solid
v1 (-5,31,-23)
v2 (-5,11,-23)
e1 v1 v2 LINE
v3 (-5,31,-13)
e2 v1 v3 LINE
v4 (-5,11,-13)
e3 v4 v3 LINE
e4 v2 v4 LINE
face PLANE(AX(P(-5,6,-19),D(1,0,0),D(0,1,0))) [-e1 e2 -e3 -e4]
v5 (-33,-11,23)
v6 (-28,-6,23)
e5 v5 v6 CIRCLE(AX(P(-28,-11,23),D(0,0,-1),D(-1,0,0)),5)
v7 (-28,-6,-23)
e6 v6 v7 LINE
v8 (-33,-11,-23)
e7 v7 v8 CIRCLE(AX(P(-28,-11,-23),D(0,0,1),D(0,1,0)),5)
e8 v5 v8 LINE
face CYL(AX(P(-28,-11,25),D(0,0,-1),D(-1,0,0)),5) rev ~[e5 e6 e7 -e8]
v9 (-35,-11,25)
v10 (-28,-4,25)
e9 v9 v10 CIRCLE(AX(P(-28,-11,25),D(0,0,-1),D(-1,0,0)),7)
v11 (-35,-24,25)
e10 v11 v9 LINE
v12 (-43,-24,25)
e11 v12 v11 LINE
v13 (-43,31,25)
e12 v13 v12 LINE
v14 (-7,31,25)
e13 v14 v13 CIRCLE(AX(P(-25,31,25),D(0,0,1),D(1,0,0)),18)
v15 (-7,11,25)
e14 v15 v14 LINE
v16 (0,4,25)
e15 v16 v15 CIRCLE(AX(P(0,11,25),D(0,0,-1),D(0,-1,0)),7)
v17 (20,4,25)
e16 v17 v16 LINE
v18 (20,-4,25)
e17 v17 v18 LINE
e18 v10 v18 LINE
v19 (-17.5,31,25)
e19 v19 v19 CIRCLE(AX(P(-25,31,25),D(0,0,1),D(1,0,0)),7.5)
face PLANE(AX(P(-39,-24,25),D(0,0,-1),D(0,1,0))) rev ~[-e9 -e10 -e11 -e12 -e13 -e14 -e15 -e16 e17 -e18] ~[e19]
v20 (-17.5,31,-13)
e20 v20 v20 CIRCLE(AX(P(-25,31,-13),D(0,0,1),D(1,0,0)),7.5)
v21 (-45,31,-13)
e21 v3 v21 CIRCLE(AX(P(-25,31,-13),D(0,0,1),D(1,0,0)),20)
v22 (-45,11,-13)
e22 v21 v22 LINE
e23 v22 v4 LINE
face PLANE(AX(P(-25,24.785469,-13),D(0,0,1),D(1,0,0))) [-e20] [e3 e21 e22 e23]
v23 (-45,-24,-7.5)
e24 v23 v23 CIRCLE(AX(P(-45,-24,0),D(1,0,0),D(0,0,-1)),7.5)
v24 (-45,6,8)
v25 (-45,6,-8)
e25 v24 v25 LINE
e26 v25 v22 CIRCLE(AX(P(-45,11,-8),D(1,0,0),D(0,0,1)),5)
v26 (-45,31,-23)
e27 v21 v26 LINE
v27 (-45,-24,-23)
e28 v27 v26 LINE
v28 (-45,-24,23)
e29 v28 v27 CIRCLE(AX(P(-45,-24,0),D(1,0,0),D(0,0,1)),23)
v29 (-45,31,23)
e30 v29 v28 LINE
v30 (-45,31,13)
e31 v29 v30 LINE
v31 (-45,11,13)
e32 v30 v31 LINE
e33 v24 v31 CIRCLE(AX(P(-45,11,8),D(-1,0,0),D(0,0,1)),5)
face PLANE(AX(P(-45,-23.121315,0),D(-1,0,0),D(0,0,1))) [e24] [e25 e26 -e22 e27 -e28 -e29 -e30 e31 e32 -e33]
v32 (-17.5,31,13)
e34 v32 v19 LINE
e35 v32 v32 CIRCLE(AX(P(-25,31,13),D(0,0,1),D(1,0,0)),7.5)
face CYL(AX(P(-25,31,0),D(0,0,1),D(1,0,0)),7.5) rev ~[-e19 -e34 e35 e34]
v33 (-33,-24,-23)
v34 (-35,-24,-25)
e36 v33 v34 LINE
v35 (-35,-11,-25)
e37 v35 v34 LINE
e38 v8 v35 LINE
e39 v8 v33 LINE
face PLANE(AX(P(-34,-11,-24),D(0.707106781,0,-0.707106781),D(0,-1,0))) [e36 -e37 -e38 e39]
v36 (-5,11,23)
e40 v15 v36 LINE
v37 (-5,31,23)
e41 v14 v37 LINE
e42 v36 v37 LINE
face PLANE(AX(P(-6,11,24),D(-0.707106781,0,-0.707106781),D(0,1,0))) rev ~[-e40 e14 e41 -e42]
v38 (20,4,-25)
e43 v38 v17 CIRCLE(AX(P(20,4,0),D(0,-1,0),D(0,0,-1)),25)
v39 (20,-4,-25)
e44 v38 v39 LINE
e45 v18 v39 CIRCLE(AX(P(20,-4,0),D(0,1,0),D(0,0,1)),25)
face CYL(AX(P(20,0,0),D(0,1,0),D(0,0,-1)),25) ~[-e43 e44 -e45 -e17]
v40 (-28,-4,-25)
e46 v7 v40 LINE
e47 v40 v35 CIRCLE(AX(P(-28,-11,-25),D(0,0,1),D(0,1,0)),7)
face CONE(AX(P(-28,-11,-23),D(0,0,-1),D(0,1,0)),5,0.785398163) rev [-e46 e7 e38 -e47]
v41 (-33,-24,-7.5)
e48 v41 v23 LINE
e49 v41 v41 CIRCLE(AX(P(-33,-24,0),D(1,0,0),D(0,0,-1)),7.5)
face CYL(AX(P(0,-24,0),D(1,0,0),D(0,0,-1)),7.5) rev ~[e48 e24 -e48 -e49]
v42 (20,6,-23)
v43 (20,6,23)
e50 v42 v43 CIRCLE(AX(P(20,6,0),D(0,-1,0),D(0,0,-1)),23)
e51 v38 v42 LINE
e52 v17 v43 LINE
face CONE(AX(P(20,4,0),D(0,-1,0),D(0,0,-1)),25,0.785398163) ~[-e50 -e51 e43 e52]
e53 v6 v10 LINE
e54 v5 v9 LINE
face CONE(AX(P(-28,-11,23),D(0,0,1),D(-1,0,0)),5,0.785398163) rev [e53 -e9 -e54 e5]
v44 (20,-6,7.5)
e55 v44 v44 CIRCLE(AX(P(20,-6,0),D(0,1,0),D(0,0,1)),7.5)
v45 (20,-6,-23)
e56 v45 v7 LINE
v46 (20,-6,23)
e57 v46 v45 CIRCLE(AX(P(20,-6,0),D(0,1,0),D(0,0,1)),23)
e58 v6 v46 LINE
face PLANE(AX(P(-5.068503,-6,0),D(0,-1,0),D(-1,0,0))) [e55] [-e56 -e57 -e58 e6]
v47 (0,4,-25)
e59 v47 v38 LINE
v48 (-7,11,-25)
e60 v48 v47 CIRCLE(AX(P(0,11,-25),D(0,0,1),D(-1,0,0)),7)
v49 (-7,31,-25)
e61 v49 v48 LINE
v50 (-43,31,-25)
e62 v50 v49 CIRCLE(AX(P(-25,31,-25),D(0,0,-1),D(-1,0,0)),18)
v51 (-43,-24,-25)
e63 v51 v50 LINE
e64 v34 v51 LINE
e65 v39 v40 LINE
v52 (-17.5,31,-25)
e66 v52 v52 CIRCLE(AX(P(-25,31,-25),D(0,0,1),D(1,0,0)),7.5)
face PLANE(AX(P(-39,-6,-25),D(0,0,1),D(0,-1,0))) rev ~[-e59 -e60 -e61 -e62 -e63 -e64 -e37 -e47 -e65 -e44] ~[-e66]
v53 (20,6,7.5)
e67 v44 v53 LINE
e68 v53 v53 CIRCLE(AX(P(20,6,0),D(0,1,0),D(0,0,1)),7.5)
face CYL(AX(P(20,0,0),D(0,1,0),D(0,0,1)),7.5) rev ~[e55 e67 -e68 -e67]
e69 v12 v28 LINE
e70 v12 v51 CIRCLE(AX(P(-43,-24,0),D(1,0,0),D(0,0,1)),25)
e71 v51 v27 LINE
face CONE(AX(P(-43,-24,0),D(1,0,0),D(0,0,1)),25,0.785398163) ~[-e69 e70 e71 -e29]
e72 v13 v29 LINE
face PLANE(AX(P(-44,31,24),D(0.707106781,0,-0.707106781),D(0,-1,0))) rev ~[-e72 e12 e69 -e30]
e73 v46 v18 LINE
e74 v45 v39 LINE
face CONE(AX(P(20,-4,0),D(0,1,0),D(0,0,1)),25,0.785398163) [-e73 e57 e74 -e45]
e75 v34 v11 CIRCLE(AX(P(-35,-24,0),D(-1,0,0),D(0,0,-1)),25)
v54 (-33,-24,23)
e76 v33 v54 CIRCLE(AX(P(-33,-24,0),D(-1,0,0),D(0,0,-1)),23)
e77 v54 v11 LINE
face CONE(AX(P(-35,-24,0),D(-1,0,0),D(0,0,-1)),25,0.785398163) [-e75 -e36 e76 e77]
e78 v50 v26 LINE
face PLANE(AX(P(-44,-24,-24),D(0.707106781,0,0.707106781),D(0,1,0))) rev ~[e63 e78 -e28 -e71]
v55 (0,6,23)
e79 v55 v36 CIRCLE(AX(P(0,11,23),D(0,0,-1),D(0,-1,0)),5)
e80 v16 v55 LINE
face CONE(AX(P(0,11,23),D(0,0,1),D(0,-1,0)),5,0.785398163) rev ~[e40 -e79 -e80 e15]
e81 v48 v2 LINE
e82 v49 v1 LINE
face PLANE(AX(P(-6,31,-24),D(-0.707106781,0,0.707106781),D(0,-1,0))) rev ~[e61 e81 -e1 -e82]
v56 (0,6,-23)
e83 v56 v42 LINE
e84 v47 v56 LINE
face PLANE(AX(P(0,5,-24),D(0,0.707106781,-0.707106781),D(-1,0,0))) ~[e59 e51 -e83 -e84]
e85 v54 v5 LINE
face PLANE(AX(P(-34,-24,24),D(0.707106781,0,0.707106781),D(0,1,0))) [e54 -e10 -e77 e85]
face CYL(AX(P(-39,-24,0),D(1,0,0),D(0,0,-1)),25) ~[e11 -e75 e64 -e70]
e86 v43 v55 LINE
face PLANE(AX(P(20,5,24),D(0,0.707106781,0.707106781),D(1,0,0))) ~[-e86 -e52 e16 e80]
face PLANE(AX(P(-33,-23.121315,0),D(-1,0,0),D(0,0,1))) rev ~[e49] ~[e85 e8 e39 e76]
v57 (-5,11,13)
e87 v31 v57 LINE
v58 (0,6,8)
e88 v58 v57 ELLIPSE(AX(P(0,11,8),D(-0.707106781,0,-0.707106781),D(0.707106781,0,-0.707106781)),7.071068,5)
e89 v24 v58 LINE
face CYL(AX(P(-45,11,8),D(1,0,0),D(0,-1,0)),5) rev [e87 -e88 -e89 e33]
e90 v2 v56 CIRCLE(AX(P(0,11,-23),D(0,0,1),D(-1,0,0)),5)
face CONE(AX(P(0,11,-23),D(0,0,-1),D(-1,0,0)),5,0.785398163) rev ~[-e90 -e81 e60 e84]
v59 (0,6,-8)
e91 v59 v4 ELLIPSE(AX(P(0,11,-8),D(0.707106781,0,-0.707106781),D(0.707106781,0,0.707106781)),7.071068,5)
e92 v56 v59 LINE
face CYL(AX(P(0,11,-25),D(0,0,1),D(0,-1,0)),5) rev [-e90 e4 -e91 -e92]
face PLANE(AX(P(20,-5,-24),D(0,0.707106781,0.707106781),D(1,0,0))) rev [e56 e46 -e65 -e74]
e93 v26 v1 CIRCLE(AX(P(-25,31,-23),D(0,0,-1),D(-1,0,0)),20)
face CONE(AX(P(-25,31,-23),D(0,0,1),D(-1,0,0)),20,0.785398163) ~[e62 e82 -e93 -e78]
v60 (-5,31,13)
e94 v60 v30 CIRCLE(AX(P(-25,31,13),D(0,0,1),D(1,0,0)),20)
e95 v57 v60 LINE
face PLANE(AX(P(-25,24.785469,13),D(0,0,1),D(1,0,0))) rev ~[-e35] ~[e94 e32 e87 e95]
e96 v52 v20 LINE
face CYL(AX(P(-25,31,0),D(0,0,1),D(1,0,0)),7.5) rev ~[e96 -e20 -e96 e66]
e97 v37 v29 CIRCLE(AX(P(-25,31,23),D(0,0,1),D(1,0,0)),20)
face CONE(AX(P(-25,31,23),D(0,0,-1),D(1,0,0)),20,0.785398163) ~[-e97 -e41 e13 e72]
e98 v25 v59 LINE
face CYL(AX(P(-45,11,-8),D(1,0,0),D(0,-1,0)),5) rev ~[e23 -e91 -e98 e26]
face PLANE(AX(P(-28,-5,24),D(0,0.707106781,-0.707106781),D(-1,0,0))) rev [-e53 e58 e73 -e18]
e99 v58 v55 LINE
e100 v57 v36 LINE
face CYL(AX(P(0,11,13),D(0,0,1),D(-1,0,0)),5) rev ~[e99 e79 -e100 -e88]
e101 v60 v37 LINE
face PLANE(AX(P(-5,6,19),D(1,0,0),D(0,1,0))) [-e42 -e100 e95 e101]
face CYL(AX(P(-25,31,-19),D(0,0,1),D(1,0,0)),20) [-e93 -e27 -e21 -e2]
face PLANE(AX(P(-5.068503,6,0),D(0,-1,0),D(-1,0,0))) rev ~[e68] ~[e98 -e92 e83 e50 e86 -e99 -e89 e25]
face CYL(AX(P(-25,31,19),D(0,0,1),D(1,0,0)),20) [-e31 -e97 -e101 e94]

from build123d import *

# Parameters (mm, degrees)
BOSS_EXTRUDE1_DEPTH = 6
BOSS_EXTRUDE2_START = 19
BOSS_EXTRUDE2_DEPTH = 6
BOSS_EXTRUDE3_START = -19
BOSS_EXTRUDE3_DEPTH = 6
BOSS_EXTRUDE4_START = -39
BOSS_EXTRUDE4_DEPTH = 6
SKETCH7_R           = 7.5
CUT_EXTRUDE1_DEPTH  = 25
SKETCH4_R           = 7.5
CUT_EXTRUDE2_DEPTH  = 73.463784058
SKETCH6_R           = 7.5
CUT_EXTRUDE3_DEPTH  = 10
FILLET1_R           = 5
CHAMFER1_SIZE       = 2


with BuildPart() as part:
    # Sketch1 → Boss-Extrude1 (new, symmetric)
    with BuildSketch(Plane(origin=(0, 0, 0), x_dir=(1, 0, 0), z_dir=(0, 1, 0))):
        with BuildLine():
            Line((-45, 25), (20, 25))
            ThreePointArc((20, 25), (45, 0), (20, -25))
            Line((20, -25), (-45, -25))
            Line((-45, -25), (-45, 25))
        make_face()
    extrude(amount=BOSS_EXTRUDE1_DEPTH, both=True)

    # Sketch2 → Boss-Extrude2 (add, symmetric)
    with BuildSketch(Plane.XY.offset(BOSS_EXTRUDE2_START)):
        with BuildLine():
            Line((-45, 6), (-5, 6))
            Line((-5, 6), (-5, 31))
            ThreePointArc((-5, 31), (-25, 51), (-45, 31))
            Line((-45, 31), (-45, 6))
        make_face()
    extrude(amount=BOSS_EXTRUDE2_DEPTH, both=True)

    # Sketch2<2> → Boss-Extrude3 (add, symmetric)
    with BuildSketch(Plane.XY.offset(BOSS_EXTRUDE3_START)):
        with BuildLine():
            Line((-45, 6), (-5, 6))
            Line((-5, 6), (-5, 31))
            ThreePointArc((-5, 31), (-25, 51), (-45, 31))
            Line((-45, 31), (-45, 6))
        make_face()
    extrude(amount=BOSS_EXTRUDE3_DEPTH, both=True)

    # Sketch3 → Boss-Extrude4 (add, symmetric)
    with BuildSketch(Plane(origin=(0, 0, 0), x_dir=(0, 0, -1), z_dir=(1, 0, 0)).offset(BOSS_EXTRUDE4_START)):
        with BuildLine():
            Line((-25, -6), (25, -6))
            Line((25, -6), (25, -24))
            ThreePointArc((25, -24), (0, -49), (-25, -24))
            Line((-25, -24), (-25, -6))
        make_face()
    extrude(amount=BOSS_EXTRUDE4_DEPTH, both=True)

    # Sketch7 → Cut-Extrude1 (cut, symmetric)
    with BuildSketch(Plane.XY):
        with Locations((-25, 31)):
            Circle(SKETCH7_R)
    extrude(amount=CUT_EXTRUDE1_DEPTH, both=True, mode=Mode.SUBTRACT)

    # Sketch4 → Cut-Extrude2 (cut, through all)
    with BuildSketch(Plane(origin=(0, 0, 0), x_dir=(0, 0, -1), z_dir=(1, 0, 0))):
        with Locations((0, -24)):
            Circle(SKETCH4_R)
    extrude(amount=-CUT_EXTRUDE2_DEPTH, mode=Mode.SUBTRACT)

    # Sketch6 → Cut-Extrude3 (cut, symmetric)
    with BuildSketch(Plane(origin=(0, 0, 0), x_dir=(1, 0, 0), z_dir=(0, 1, 0))):
        with Locations((20, 0)):
            Circle(SKETCH6_R)
    extrude(amount=CUT_EXTRUDE3_DEPTH, both=True, mode=Mode.SUBTRACT)

    # Fillet1
    fillet1_edges = [part.edges().sort_by_distance(p)[0] for p in [
        (-33, -6, 0),
        (-25, 6, -13),
        (-5, 6, -19),
        (-25, 6, 13),
        (-5, 6, 19),
    ]]
    fillet(fillet1_edges, radius=FILLET1_R)

    # Chamfer1
    chamfer1_edges = [part.edges().sort_by_distance(p)[0] for p in [
        (45, -6, 0),
        (-4, -6, 25),
        (-4, -6, -25),
        (-31.535533906, -7.464466094, -25),
        (-31.535533906, -7.464466094, 25),
        (-33, -17.5, -25),
        (-33, -17.5, 25),
        (-33, -49, 0),
        (-45, -49, 0),
        (-45, 3.5, 25),
        (-45, 3.5, -25),
        (-25, 51, -25),
        (-5, 21, -25),
        (-3.535533906, 7.464466094, -25),
        (10, 6, -25),
        (45, 6, 0),
        (10, 6, 25),
        (-3.535533906, 7.464466094, 25),
        (-5, 21, 25),
        (-25, 51, 25),
    ]]
    chamfer(chamfer1_edges, length=CHAMFER1_SIZE)


solid = part.part
